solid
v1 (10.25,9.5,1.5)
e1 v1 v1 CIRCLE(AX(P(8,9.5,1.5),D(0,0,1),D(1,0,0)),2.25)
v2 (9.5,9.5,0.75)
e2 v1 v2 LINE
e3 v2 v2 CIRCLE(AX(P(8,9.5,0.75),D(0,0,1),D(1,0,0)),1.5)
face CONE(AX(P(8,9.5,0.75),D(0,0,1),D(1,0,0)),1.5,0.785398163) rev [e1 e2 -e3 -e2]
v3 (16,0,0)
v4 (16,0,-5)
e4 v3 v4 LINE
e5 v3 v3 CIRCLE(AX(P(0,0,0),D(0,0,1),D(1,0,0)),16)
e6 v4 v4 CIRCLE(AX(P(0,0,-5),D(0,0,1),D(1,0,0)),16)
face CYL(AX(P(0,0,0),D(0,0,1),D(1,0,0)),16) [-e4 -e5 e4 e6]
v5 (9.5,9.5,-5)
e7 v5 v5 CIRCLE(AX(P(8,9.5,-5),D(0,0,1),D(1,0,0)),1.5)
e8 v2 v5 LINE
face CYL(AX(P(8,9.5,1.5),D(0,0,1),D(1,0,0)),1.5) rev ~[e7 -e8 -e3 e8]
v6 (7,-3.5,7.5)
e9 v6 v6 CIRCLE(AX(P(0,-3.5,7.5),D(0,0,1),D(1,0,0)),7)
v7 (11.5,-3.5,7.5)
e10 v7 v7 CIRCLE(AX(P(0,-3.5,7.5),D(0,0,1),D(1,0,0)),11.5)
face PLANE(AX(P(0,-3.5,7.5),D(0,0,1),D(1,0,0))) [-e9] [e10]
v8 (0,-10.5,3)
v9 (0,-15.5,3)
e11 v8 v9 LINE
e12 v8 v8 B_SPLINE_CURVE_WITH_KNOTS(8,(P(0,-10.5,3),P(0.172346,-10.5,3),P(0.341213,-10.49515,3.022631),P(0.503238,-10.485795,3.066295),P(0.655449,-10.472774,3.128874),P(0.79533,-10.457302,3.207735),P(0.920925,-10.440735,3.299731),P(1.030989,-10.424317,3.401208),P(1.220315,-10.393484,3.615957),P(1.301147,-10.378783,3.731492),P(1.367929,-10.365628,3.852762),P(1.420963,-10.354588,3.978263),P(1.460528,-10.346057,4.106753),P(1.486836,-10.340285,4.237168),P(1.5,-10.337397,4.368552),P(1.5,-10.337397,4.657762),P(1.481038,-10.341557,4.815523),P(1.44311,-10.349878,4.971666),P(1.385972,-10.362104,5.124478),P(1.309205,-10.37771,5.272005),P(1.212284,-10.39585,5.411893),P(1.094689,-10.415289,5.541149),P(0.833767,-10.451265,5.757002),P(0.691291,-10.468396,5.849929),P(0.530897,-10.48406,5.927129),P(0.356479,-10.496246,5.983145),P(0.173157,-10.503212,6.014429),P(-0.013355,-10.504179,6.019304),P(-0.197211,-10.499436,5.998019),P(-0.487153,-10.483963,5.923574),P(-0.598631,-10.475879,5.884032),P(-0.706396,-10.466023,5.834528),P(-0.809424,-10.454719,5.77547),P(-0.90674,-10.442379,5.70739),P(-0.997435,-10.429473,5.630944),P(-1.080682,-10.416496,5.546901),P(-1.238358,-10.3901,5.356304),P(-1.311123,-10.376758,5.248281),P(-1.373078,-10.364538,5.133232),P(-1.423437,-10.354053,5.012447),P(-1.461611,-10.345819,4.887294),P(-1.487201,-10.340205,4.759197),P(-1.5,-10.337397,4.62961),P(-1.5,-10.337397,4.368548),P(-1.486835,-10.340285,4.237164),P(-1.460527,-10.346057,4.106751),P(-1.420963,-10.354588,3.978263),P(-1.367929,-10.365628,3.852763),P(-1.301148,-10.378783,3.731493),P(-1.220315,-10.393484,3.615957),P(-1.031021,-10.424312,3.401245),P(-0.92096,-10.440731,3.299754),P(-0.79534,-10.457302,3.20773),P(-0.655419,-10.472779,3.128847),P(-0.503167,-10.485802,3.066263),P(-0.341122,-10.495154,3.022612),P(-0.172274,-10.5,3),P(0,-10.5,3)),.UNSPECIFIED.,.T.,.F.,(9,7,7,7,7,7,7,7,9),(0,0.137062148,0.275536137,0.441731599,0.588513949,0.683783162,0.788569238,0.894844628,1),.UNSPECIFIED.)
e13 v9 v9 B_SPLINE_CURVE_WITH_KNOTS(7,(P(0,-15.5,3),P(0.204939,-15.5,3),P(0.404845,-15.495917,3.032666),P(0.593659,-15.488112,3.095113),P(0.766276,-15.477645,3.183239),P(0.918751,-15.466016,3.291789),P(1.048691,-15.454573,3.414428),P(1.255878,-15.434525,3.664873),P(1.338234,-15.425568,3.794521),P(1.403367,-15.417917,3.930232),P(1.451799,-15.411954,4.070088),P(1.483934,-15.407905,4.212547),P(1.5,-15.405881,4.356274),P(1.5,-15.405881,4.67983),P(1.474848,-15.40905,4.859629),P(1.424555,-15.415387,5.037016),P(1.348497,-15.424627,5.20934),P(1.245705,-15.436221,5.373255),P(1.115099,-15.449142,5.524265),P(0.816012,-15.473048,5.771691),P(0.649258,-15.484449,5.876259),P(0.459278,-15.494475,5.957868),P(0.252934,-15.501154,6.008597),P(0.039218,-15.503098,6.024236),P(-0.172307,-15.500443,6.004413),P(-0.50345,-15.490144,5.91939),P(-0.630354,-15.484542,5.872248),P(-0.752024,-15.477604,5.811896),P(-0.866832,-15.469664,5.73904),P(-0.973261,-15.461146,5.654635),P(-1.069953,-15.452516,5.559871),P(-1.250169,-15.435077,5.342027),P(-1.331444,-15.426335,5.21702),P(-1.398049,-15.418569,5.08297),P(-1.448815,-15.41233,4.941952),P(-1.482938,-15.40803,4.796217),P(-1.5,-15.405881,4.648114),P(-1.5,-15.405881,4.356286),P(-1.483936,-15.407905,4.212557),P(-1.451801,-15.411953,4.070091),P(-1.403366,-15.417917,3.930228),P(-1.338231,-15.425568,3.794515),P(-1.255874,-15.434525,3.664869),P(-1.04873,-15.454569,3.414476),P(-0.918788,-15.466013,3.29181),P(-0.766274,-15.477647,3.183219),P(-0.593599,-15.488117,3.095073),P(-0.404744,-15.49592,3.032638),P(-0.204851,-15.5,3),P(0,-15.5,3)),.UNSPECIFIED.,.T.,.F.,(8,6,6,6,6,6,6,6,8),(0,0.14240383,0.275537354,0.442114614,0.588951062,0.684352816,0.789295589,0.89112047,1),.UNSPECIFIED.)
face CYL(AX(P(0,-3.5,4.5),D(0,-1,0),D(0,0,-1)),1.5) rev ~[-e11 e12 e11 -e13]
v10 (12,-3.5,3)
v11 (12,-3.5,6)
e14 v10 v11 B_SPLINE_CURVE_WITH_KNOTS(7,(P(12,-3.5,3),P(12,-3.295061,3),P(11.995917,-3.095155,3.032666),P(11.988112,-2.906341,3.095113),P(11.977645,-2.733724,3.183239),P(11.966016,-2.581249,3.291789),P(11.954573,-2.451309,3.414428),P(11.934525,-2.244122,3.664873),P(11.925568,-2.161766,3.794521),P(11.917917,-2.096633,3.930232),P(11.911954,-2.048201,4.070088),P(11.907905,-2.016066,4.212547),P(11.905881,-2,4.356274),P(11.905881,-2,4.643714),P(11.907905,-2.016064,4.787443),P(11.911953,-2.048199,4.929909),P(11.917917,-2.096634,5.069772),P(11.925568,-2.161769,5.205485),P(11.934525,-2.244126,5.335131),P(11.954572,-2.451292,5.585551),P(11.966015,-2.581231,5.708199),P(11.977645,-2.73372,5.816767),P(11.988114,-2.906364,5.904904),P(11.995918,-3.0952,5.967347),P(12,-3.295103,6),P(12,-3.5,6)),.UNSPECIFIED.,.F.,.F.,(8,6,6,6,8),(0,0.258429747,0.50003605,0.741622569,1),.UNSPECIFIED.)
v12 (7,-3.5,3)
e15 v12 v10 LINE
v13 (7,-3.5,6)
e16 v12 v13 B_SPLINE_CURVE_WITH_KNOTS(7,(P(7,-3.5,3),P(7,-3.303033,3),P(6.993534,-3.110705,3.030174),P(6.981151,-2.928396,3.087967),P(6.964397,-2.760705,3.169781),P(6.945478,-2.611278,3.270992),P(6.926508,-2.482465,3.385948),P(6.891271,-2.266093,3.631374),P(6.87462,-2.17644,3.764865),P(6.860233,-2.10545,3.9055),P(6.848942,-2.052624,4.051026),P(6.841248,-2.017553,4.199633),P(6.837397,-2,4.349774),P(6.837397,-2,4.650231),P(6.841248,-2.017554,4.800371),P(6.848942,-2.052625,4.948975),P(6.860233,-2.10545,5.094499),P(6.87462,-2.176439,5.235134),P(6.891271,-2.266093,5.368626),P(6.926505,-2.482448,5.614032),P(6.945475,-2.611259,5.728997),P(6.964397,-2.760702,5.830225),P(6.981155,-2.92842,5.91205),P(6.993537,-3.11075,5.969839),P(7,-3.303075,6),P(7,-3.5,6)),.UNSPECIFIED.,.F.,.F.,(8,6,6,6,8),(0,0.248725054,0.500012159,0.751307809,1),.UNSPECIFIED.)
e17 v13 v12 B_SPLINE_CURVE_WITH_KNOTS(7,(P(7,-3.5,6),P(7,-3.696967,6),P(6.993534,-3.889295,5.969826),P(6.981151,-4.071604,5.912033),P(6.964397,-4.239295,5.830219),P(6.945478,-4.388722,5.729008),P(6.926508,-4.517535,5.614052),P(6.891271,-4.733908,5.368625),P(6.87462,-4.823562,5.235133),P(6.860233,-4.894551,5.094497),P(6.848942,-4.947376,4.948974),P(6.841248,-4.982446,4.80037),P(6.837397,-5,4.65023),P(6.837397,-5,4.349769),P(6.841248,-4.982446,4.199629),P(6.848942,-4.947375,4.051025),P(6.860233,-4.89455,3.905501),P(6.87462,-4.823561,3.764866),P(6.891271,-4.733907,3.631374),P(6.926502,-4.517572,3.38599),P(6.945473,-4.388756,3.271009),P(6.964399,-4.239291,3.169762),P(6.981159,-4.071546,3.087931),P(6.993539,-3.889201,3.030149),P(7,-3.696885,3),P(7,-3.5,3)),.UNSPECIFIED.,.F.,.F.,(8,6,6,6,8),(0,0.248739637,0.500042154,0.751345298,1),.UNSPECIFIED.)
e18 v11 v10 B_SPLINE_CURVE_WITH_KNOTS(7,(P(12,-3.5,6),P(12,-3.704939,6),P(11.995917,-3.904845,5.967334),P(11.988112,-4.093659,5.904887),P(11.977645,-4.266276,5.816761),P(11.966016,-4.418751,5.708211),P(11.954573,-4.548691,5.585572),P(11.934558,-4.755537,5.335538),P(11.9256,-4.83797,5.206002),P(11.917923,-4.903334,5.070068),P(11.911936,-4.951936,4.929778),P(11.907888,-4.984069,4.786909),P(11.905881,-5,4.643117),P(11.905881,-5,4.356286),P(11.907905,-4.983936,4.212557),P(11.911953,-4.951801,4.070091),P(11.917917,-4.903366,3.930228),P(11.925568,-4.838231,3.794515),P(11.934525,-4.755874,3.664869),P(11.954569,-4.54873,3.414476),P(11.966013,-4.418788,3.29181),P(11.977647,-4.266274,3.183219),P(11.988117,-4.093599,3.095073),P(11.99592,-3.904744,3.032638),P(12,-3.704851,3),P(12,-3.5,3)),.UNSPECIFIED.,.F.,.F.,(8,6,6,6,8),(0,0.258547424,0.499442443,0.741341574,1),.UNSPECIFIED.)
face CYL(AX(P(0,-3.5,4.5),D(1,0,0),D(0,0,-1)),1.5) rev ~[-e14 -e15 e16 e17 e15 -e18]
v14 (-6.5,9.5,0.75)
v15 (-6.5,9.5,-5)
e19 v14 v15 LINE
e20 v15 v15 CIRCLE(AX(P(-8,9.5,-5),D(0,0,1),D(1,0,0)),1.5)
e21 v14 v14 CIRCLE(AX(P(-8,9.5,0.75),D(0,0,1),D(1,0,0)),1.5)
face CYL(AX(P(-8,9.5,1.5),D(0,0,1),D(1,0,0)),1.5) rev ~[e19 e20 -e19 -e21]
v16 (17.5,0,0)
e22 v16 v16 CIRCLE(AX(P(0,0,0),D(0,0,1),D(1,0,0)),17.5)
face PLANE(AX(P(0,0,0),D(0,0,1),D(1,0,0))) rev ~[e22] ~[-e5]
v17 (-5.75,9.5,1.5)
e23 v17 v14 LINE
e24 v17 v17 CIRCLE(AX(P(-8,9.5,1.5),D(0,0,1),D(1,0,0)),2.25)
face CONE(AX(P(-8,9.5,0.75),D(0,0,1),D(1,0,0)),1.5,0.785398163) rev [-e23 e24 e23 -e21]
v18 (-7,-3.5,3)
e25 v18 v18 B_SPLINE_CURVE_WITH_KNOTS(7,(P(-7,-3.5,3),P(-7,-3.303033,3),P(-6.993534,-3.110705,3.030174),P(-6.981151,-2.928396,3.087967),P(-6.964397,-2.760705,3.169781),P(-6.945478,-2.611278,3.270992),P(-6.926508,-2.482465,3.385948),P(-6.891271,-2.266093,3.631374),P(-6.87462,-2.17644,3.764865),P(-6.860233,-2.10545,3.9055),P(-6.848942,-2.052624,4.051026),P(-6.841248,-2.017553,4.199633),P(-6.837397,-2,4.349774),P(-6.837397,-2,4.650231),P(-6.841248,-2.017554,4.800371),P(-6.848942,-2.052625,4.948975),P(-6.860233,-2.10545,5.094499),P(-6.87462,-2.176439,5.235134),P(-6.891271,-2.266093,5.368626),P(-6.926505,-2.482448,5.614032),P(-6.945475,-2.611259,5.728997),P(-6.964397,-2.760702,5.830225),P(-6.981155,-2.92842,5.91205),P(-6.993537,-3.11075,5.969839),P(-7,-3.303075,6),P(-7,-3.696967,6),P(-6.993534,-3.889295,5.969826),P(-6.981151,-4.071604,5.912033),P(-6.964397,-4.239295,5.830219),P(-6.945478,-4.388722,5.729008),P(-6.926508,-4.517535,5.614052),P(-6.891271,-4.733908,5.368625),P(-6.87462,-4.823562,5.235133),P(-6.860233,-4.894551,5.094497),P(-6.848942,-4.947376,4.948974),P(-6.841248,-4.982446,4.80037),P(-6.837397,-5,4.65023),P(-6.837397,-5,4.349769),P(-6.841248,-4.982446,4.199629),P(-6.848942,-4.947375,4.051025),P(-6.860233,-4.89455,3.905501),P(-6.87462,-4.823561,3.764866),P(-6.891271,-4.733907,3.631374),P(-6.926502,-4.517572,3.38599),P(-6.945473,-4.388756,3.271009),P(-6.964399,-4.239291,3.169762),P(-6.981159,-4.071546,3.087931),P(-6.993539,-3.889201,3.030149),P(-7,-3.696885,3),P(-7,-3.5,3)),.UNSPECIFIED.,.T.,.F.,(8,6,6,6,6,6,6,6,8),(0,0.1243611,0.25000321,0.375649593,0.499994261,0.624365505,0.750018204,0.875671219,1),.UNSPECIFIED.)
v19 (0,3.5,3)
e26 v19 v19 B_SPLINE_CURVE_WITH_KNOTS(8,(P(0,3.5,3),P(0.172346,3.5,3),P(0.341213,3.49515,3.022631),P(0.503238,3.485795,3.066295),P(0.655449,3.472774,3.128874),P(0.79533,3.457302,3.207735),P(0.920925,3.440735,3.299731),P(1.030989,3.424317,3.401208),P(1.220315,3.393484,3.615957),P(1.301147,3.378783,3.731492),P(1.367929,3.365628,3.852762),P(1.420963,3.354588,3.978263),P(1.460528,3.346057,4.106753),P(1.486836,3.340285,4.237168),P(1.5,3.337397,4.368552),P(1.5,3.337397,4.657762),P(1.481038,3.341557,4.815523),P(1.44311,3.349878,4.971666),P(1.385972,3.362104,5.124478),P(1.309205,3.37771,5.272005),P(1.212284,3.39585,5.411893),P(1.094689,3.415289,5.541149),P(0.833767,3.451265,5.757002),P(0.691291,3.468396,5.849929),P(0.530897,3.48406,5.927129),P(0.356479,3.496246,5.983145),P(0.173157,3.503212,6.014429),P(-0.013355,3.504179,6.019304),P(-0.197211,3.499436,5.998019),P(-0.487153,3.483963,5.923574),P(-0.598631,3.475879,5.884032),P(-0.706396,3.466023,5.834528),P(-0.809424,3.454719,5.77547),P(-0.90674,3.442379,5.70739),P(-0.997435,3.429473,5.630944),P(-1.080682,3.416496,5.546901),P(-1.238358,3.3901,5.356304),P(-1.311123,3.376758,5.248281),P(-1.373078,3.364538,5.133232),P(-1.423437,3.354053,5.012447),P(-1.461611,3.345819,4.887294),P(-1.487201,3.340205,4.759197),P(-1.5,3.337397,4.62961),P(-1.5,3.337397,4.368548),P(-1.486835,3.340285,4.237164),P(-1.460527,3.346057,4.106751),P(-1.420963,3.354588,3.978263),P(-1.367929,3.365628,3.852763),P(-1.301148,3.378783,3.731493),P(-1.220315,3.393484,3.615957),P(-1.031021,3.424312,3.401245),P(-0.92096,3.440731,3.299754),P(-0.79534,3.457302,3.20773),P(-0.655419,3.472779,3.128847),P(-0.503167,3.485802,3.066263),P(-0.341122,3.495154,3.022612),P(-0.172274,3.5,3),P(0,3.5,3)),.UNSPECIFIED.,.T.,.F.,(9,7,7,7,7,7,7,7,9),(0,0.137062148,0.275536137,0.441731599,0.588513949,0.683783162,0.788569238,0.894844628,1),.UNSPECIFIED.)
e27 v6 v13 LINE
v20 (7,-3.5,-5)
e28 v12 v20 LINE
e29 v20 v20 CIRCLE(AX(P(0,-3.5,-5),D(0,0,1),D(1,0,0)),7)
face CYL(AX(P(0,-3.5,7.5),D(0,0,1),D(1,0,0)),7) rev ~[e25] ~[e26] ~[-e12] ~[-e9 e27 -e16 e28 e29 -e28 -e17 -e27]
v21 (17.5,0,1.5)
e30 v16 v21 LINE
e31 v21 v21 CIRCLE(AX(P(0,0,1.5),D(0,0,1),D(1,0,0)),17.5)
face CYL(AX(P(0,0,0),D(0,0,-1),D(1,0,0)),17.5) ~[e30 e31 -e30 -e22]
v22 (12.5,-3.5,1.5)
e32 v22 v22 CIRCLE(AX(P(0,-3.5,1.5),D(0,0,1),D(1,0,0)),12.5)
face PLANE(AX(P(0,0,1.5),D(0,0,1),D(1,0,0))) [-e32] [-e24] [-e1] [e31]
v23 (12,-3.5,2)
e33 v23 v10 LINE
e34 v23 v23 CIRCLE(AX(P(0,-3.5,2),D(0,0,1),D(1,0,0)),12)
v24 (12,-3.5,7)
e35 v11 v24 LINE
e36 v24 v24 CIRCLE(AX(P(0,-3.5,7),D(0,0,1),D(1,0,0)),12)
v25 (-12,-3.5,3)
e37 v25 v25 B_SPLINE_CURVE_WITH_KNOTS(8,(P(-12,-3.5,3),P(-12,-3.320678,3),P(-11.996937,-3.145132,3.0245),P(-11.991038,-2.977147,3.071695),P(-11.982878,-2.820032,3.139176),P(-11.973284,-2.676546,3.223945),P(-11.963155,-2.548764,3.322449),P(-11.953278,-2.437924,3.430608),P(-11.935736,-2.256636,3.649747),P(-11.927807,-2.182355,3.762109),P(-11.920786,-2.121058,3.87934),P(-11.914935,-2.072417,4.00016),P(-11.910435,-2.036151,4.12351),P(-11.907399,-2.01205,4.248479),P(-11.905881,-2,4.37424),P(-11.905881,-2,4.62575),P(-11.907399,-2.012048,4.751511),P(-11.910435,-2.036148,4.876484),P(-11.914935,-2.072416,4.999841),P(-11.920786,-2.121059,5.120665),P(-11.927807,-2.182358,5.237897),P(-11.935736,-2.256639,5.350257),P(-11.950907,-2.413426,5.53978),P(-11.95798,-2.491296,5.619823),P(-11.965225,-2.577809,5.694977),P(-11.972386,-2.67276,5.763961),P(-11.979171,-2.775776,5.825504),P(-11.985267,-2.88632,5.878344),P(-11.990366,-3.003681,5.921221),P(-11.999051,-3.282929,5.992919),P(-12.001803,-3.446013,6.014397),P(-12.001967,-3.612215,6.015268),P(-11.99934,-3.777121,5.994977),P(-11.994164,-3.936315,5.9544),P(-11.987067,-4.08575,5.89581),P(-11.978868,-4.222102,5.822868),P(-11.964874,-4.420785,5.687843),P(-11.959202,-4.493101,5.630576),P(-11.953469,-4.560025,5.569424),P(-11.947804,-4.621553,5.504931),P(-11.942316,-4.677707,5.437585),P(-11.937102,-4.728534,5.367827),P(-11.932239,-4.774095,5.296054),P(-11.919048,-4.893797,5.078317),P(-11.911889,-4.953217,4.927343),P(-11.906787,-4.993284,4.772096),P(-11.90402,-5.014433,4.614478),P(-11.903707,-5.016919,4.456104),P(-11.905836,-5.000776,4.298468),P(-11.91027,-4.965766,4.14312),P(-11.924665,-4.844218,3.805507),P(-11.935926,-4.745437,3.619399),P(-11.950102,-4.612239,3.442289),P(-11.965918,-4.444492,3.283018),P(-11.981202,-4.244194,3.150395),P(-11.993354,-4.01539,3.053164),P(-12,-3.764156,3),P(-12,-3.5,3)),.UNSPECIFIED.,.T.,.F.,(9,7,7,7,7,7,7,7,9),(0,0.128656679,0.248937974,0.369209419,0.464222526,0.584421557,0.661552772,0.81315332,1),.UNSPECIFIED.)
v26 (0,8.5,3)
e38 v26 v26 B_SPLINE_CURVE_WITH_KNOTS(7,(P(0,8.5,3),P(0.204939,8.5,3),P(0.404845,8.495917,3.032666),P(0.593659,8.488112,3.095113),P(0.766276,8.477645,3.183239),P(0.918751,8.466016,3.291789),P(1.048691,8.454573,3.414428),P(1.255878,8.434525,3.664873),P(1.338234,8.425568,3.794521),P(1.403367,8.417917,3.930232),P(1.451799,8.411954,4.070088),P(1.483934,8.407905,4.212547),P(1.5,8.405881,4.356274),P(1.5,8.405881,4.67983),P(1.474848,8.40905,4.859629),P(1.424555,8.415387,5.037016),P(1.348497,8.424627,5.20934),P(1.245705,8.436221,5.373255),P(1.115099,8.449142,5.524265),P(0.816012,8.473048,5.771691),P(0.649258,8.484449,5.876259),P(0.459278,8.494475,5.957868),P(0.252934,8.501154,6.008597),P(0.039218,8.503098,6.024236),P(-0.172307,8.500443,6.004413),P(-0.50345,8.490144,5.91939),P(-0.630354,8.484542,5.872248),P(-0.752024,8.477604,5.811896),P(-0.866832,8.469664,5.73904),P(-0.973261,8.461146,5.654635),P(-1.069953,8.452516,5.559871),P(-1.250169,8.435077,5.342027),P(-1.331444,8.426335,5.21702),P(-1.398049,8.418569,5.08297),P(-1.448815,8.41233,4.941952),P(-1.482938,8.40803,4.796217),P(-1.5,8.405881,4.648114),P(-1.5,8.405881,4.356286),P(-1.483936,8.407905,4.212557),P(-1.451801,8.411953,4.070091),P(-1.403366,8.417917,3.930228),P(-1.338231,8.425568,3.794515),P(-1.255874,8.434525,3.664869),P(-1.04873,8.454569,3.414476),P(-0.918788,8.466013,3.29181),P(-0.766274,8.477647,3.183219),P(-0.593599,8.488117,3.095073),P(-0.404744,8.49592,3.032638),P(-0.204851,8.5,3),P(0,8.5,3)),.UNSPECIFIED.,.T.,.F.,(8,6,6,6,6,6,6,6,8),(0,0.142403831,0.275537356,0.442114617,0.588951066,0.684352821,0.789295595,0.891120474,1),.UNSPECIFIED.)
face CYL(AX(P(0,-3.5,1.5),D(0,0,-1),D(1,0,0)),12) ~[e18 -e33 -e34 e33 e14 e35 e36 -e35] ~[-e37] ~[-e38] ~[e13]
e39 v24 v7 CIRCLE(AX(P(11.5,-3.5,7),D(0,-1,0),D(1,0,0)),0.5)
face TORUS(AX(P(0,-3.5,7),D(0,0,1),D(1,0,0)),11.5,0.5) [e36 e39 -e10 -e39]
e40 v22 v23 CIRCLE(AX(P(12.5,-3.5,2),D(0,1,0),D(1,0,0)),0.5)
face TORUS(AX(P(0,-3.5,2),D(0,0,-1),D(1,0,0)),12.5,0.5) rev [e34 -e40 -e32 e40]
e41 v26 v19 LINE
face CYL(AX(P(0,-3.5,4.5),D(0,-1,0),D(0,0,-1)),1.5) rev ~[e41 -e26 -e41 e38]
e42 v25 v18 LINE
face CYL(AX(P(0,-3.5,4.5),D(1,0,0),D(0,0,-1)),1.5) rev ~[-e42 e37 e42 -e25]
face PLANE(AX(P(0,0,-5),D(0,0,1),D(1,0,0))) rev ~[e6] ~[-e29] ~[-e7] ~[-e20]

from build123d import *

# Parameters (mm, degrees)
SKETCH1_R           = 17.5
BOSS_EXTRUDE1_DEPTH = 1.5
BOSS_EXTRUDE2_START = -1.5
SKETCH2_R           = 16
BOSS_EXTRUDE2_DEPTH = 5
SKETCH3_R           = 12
BOSS_EXTRUDE3_DEPTH = 6
SKETCH4_R           = 7
CUT_EXTRUDE1_DEPTH  = 28.726341266
SKETCH5_R           = 1.5
CUT_EXTRUDE2_DEPTH  = 26.588083164
CHAMFER1_SIZE       = 0.75
FILLET1_R           = 0.5
SKETCH6_R           = 1.5
CUT_EXTRUDE3_DEPTH  = 26.860201082
CIRPATTERN1_COUNT   = 4


with BuildPart() as part:
    # Sketch1 → Boss-Extrude1 (new body)
    with BuildSketch(Plane.XY):
        Circle(SKETCH1_R)
    extrude(amount=BOSS_EXTRUDE1_DEPTH)

    # Sketch2 → Boss-Extrude2 (add)
    with BuildSketch(Plane.XY.offset(1.5).offset(BOSS_EXTRUDE2_START)):
        Circle(SKETCH2_R)
    extrude(amount=-BOSS_EXTRUDE2_DEPTH)

    # Sketch3 → Boss-Extrude3 (add)
    with BuildSketch(Plane.XY.offset(1.5)):
        with Locations((0, -3.5)):
            Circle(SKETCH3_R)
    extrude(amount=BOSS_EXTRUDE3_DEPTH)

    # Sketch4 → Cut-Extrude1 (cut, through all)
    with BuildSketch(Plane.XY.offset(7.5)):
        with Locations((0, -3.5)):
            Circle(SKETCH4_R)
    extrude(amount=-CUT_EXTRUDE1_DEPTH, mode=Mode.SUBTRACT)

    # Sketch5 → Cut-Extrude2 (cut, through all)
    with BuildSketch(Plane.XY.offset(1.5)):
        with Locations((-8, 9.5)):
            Circle(SKETCH5_R)
        with Locations((8, 9.5)):
            Circle(SKETCH5_R)
    extrude(amount=-CUT_EXTRUDE2_DEPTH, mode=Mode.SUBTRACT)

    # Chamfer1
    chamfer1_edges = [part.edges().sort_by_distance(p)[0] for p in [
        (-9.5, 9.5, 1.5),
        (6.5, 9.5, 1.5),
    ]]
    chamfer(chamfer1_edges, length=CHAMFER1_SIZE)

    # Fillet1
    fillet1_edges = [part.edges().sort_by_distance(p)[0] for p in [
        (-12, -3.5, 1.5),
        (-12, -3.5, 7.5),
    ]]
    fillet(fillet1_edges, radius=FILLET1_R)

    # Sketch6 → Cut-Extrude3 (cut, symmetric)
    with BuildSketch(Plane(origin=(0, 0, 0), x_dir=(0, 0, -1), z_dir=(1, 0, 0))):
        with Locations((-4.5, -3.5)):
            Circle(SKETCH6_R)
    cut_extrude3 = extrude(amount=CUT_EXTRUDE3_DEPTH, both=True, mode=Mode.SUBTRACT)

    # CirPattern1: Cut-Extrude3 ×4 about axis
    cirpattern1_axis = Axis((0, -3.5, 7.5), (0, 0, -1))
    for i in range(1, CIRPATTERN1_COUNT):
        add(cut_extrude3.rotate(cirpattern1_axis, i * 360 / CIRPATTERN1_COUNT), mode=Mode.SUBTRACT)


solid = part.part
